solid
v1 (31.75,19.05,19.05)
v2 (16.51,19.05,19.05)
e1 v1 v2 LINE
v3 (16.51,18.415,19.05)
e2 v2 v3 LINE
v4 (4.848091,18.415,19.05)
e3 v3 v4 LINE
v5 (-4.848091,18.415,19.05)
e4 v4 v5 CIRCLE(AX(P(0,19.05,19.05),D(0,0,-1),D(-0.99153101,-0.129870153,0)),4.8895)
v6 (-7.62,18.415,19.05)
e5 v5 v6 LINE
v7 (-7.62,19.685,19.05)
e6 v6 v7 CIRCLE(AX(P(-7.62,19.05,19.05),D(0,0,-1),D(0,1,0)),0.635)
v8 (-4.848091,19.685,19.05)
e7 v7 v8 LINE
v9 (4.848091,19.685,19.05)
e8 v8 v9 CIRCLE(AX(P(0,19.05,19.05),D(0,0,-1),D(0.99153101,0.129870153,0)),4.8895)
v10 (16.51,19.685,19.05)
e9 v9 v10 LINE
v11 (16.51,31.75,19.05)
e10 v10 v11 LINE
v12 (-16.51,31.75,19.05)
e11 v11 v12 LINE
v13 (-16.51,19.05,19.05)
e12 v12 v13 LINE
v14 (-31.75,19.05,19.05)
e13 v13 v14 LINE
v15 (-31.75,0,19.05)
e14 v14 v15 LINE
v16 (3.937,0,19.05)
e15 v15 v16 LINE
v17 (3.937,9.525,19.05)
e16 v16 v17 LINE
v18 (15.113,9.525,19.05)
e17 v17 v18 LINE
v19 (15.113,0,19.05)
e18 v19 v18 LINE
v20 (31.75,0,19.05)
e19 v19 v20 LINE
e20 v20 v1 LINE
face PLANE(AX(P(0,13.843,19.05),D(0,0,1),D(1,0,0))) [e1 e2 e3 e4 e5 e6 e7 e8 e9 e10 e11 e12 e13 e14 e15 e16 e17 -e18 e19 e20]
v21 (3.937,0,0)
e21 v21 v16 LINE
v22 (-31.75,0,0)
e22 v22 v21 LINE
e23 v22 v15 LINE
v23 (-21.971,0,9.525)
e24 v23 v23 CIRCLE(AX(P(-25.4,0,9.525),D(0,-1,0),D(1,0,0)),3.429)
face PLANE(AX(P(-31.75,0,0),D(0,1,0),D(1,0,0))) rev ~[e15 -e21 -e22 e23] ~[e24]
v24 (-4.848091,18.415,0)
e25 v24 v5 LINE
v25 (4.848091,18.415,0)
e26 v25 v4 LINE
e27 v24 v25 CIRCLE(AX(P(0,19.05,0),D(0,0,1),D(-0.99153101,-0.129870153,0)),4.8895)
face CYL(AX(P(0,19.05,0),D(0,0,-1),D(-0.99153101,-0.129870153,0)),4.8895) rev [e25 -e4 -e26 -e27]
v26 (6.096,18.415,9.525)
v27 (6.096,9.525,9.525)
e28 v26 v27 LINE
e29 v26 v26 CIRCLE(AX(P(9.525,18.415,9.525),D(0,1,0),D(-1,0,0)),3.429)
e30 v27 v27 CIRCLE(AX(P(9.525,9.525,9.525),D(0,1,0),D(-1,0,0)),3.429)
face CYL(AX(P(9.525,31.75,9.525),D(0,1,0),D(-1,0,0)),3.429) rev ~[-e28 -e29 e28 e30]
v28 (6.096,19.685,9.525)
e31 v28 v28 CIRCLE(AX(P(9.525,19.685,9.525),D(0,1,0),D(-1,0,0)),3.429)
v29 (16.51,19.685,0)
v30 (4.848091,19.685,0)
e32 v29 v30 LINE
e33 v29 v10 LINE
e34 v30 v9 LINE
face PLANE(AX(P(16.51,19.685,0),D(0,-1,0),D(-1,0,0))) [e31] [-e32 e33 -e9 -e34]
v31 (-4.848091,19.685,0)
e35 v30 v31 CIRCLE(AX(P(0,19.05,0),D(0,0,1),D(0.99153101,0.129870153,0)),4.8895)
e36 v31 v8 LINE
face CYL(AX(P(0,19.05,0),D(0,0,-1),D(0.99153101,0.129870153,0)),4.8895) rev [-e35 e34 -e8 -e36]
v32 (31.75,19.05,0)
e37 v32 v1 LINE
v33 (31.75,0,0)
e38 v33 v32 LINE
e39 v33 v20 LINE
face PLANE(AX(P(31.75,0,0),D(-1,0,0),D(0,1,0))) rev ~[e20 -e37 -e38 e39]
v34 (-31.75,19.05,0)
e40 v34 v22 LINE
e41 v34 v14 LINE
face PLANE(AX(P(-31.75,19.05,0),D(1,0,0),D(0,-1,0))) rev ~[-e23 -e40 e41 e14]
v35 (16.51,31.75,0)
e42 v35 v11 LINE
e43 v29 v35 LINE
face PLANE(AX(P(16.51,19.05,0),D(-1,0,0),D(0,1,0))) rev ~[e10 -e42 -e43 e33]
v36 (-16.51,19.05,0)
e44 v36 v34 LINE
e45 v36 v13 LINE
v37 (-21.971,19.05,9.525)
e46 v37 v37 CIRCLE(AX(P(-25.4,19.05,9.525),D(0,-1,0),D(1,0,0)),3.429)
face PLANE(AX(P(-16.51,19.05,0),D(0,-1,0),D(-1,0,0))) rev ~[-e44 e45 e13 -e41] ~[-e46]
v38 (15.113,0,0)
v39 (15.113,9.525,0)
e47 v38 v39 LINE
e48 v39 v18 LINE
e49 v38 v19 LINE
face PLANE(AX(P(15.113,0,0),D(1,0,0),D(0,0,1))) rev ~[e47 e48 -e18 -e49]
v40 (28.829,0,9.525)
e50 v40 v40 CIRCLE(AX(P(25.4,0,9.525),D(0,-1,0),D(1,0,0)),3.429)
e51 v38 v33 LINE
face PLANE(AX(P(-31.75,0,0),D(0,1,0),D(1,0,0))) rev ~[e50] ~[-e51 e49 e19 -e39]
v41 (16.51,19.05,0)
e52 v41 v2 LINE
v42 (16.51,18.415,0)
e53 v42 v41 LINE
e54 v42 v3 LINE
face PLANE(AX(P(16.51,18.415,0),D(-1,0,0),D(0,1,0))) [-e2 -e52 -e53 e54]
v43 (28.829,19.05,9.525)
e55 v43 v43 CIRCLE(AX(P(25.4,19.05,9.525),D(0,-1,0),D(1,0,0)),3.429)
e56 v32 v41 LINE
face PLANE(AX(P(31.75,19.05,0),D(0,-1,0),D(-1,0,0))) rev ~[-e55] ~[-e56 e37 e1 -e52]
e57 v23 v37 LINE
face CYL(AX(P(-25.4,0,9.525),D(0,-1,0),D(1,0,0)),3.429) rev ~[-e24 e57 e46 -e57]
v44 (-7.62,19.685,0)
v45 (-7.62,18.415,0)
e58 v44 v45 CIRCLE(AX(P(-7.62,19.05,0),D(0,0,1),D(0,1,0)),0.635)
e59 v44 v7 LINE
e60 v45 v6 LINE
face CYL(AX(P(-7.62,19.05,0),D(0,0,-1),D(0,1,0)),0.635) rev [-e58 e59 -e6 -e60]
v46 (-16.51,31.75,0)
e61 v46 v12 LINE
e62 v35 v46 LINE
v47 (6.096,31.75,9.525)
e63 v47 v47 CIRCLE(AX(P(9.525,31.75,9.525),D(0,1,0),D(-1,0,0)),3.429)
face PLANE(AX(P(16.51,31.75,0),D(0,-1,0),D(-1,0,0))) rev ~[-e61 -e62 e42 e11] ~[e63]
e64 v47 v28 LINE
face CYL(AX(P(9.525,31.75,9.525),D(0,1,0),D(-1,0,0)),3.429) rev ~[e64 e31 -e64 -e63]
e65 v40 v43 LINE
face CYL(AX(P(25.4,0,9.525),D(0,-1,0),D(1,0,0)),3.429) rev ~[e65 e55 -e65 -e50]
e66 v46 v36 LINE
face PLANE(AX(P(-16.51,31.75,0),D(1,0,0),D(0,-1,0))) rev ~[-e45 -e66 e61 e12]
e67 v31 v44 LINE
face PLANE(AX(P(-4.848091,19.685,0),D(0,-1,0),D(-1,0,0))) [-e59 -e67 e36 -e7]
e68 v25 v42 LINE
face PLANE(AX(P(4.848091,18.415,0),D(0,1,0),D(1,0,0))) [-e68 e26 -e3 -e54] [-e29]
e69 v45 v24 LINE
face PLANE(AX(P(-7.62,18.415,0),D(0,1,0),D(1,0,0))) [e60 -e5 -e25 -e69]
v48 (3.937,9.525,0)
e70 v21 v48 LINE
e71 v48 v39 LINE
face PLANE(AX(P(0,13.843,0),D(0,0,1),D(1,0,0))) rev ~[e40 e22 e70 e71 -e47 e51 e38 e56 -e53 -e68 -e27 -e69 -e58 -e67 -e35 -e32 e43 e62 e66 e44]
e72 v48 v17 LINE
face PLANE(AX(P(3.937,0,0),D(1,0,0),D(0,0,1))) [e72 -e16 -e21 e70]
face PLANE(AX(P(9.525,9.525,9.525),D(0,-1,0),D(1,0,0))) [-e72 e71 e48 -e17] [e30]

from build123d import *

# Parameters (mm, degrees)
F1_DEPTH = 19.05
F3_DEPTH = 19.051
F4_R     = 3.429
F5_DEPTH = 31.751
F6_W     = 11.176
F6_H     = 19.05
F7_DEPTH = 9.525
F8_R     = 3.429
F9_DEPTH = 31.751


with BuildPart() as f1:
    # F0 (on Top) → F1 (new body)
    with BuildSketch(Plane.XY):
        Polygon((-31.75, 19.05), (-31.75, 0), (31.75, 0), (31.75, 19.05), (16.51, 19.05), (16.51, 31.75), (-16.51, 31.75), (-16.51, 19.05), align=None)
    extrude(amount=F1_DEPTH)

    # F2 (on Top) → F3 (cut, through all)
    with BuildSketch(Plane.XY):
        with BuildLine():
            Line((-7.62, 18.415), (-4.848091, 18.415))
            ThreePointArc((-4.848091, 18.415), (0, 14.1605), (4.848091, 18.415))
            Line((4.848091, 18.415), (16.51, 18.415))
            Line((16.51, 18.415), (16.51, 19.685))
            Line((16.51, 19.685), (4.848091, 19.685))
            ThreePointArc((4.848091, 19.685), (0, 23.9395), (-4.848091, 19.685))
            Line((-4.848091, 19.685), (-7.62, 19.685))
            ThreePointArc((-7.62, 19.685), (-8.255, 19.05), (-7.62, 18.415))
        make_face()
    extrude(amount=F3_DEPTH, mode=Mode.SUBTRACT)

    # F4 (on Front) → F5 (cut, through all)
    with BuildSketch(Plane.XZ):
        with Locations((25.4, 9.525)):
            Circle(F4_R)
        with Locations((-25.4, 9.525)):
            Circle(F4_R)
    extrude(amount=-F5_DEPTH, mode=Mode.SUBTRACT)

    # F6 (on Front) → F7 (cut)
    with BuildSketch(Plane.XZ):
        with Locations((9.525, 9.525)):
            Rectangle(F6_W, F6_H)
    extrude(amount=-F7_DEPTH, mode=Mode.SUBTRACT)

    # F8 (on face) → F9 (cut, through all)
    with BuildSketch(Plane(origin=(0, 31.75, 0), x_dir=(-1, 0, 0), z_dir=(0, 1, 0))):
        with Locations((-9.525, 9.525)):
            Circle(F8_R)
    extrude(amount=-F9_DEPTH, mode=Mode.SUBTRACT)


solid = f1.part
